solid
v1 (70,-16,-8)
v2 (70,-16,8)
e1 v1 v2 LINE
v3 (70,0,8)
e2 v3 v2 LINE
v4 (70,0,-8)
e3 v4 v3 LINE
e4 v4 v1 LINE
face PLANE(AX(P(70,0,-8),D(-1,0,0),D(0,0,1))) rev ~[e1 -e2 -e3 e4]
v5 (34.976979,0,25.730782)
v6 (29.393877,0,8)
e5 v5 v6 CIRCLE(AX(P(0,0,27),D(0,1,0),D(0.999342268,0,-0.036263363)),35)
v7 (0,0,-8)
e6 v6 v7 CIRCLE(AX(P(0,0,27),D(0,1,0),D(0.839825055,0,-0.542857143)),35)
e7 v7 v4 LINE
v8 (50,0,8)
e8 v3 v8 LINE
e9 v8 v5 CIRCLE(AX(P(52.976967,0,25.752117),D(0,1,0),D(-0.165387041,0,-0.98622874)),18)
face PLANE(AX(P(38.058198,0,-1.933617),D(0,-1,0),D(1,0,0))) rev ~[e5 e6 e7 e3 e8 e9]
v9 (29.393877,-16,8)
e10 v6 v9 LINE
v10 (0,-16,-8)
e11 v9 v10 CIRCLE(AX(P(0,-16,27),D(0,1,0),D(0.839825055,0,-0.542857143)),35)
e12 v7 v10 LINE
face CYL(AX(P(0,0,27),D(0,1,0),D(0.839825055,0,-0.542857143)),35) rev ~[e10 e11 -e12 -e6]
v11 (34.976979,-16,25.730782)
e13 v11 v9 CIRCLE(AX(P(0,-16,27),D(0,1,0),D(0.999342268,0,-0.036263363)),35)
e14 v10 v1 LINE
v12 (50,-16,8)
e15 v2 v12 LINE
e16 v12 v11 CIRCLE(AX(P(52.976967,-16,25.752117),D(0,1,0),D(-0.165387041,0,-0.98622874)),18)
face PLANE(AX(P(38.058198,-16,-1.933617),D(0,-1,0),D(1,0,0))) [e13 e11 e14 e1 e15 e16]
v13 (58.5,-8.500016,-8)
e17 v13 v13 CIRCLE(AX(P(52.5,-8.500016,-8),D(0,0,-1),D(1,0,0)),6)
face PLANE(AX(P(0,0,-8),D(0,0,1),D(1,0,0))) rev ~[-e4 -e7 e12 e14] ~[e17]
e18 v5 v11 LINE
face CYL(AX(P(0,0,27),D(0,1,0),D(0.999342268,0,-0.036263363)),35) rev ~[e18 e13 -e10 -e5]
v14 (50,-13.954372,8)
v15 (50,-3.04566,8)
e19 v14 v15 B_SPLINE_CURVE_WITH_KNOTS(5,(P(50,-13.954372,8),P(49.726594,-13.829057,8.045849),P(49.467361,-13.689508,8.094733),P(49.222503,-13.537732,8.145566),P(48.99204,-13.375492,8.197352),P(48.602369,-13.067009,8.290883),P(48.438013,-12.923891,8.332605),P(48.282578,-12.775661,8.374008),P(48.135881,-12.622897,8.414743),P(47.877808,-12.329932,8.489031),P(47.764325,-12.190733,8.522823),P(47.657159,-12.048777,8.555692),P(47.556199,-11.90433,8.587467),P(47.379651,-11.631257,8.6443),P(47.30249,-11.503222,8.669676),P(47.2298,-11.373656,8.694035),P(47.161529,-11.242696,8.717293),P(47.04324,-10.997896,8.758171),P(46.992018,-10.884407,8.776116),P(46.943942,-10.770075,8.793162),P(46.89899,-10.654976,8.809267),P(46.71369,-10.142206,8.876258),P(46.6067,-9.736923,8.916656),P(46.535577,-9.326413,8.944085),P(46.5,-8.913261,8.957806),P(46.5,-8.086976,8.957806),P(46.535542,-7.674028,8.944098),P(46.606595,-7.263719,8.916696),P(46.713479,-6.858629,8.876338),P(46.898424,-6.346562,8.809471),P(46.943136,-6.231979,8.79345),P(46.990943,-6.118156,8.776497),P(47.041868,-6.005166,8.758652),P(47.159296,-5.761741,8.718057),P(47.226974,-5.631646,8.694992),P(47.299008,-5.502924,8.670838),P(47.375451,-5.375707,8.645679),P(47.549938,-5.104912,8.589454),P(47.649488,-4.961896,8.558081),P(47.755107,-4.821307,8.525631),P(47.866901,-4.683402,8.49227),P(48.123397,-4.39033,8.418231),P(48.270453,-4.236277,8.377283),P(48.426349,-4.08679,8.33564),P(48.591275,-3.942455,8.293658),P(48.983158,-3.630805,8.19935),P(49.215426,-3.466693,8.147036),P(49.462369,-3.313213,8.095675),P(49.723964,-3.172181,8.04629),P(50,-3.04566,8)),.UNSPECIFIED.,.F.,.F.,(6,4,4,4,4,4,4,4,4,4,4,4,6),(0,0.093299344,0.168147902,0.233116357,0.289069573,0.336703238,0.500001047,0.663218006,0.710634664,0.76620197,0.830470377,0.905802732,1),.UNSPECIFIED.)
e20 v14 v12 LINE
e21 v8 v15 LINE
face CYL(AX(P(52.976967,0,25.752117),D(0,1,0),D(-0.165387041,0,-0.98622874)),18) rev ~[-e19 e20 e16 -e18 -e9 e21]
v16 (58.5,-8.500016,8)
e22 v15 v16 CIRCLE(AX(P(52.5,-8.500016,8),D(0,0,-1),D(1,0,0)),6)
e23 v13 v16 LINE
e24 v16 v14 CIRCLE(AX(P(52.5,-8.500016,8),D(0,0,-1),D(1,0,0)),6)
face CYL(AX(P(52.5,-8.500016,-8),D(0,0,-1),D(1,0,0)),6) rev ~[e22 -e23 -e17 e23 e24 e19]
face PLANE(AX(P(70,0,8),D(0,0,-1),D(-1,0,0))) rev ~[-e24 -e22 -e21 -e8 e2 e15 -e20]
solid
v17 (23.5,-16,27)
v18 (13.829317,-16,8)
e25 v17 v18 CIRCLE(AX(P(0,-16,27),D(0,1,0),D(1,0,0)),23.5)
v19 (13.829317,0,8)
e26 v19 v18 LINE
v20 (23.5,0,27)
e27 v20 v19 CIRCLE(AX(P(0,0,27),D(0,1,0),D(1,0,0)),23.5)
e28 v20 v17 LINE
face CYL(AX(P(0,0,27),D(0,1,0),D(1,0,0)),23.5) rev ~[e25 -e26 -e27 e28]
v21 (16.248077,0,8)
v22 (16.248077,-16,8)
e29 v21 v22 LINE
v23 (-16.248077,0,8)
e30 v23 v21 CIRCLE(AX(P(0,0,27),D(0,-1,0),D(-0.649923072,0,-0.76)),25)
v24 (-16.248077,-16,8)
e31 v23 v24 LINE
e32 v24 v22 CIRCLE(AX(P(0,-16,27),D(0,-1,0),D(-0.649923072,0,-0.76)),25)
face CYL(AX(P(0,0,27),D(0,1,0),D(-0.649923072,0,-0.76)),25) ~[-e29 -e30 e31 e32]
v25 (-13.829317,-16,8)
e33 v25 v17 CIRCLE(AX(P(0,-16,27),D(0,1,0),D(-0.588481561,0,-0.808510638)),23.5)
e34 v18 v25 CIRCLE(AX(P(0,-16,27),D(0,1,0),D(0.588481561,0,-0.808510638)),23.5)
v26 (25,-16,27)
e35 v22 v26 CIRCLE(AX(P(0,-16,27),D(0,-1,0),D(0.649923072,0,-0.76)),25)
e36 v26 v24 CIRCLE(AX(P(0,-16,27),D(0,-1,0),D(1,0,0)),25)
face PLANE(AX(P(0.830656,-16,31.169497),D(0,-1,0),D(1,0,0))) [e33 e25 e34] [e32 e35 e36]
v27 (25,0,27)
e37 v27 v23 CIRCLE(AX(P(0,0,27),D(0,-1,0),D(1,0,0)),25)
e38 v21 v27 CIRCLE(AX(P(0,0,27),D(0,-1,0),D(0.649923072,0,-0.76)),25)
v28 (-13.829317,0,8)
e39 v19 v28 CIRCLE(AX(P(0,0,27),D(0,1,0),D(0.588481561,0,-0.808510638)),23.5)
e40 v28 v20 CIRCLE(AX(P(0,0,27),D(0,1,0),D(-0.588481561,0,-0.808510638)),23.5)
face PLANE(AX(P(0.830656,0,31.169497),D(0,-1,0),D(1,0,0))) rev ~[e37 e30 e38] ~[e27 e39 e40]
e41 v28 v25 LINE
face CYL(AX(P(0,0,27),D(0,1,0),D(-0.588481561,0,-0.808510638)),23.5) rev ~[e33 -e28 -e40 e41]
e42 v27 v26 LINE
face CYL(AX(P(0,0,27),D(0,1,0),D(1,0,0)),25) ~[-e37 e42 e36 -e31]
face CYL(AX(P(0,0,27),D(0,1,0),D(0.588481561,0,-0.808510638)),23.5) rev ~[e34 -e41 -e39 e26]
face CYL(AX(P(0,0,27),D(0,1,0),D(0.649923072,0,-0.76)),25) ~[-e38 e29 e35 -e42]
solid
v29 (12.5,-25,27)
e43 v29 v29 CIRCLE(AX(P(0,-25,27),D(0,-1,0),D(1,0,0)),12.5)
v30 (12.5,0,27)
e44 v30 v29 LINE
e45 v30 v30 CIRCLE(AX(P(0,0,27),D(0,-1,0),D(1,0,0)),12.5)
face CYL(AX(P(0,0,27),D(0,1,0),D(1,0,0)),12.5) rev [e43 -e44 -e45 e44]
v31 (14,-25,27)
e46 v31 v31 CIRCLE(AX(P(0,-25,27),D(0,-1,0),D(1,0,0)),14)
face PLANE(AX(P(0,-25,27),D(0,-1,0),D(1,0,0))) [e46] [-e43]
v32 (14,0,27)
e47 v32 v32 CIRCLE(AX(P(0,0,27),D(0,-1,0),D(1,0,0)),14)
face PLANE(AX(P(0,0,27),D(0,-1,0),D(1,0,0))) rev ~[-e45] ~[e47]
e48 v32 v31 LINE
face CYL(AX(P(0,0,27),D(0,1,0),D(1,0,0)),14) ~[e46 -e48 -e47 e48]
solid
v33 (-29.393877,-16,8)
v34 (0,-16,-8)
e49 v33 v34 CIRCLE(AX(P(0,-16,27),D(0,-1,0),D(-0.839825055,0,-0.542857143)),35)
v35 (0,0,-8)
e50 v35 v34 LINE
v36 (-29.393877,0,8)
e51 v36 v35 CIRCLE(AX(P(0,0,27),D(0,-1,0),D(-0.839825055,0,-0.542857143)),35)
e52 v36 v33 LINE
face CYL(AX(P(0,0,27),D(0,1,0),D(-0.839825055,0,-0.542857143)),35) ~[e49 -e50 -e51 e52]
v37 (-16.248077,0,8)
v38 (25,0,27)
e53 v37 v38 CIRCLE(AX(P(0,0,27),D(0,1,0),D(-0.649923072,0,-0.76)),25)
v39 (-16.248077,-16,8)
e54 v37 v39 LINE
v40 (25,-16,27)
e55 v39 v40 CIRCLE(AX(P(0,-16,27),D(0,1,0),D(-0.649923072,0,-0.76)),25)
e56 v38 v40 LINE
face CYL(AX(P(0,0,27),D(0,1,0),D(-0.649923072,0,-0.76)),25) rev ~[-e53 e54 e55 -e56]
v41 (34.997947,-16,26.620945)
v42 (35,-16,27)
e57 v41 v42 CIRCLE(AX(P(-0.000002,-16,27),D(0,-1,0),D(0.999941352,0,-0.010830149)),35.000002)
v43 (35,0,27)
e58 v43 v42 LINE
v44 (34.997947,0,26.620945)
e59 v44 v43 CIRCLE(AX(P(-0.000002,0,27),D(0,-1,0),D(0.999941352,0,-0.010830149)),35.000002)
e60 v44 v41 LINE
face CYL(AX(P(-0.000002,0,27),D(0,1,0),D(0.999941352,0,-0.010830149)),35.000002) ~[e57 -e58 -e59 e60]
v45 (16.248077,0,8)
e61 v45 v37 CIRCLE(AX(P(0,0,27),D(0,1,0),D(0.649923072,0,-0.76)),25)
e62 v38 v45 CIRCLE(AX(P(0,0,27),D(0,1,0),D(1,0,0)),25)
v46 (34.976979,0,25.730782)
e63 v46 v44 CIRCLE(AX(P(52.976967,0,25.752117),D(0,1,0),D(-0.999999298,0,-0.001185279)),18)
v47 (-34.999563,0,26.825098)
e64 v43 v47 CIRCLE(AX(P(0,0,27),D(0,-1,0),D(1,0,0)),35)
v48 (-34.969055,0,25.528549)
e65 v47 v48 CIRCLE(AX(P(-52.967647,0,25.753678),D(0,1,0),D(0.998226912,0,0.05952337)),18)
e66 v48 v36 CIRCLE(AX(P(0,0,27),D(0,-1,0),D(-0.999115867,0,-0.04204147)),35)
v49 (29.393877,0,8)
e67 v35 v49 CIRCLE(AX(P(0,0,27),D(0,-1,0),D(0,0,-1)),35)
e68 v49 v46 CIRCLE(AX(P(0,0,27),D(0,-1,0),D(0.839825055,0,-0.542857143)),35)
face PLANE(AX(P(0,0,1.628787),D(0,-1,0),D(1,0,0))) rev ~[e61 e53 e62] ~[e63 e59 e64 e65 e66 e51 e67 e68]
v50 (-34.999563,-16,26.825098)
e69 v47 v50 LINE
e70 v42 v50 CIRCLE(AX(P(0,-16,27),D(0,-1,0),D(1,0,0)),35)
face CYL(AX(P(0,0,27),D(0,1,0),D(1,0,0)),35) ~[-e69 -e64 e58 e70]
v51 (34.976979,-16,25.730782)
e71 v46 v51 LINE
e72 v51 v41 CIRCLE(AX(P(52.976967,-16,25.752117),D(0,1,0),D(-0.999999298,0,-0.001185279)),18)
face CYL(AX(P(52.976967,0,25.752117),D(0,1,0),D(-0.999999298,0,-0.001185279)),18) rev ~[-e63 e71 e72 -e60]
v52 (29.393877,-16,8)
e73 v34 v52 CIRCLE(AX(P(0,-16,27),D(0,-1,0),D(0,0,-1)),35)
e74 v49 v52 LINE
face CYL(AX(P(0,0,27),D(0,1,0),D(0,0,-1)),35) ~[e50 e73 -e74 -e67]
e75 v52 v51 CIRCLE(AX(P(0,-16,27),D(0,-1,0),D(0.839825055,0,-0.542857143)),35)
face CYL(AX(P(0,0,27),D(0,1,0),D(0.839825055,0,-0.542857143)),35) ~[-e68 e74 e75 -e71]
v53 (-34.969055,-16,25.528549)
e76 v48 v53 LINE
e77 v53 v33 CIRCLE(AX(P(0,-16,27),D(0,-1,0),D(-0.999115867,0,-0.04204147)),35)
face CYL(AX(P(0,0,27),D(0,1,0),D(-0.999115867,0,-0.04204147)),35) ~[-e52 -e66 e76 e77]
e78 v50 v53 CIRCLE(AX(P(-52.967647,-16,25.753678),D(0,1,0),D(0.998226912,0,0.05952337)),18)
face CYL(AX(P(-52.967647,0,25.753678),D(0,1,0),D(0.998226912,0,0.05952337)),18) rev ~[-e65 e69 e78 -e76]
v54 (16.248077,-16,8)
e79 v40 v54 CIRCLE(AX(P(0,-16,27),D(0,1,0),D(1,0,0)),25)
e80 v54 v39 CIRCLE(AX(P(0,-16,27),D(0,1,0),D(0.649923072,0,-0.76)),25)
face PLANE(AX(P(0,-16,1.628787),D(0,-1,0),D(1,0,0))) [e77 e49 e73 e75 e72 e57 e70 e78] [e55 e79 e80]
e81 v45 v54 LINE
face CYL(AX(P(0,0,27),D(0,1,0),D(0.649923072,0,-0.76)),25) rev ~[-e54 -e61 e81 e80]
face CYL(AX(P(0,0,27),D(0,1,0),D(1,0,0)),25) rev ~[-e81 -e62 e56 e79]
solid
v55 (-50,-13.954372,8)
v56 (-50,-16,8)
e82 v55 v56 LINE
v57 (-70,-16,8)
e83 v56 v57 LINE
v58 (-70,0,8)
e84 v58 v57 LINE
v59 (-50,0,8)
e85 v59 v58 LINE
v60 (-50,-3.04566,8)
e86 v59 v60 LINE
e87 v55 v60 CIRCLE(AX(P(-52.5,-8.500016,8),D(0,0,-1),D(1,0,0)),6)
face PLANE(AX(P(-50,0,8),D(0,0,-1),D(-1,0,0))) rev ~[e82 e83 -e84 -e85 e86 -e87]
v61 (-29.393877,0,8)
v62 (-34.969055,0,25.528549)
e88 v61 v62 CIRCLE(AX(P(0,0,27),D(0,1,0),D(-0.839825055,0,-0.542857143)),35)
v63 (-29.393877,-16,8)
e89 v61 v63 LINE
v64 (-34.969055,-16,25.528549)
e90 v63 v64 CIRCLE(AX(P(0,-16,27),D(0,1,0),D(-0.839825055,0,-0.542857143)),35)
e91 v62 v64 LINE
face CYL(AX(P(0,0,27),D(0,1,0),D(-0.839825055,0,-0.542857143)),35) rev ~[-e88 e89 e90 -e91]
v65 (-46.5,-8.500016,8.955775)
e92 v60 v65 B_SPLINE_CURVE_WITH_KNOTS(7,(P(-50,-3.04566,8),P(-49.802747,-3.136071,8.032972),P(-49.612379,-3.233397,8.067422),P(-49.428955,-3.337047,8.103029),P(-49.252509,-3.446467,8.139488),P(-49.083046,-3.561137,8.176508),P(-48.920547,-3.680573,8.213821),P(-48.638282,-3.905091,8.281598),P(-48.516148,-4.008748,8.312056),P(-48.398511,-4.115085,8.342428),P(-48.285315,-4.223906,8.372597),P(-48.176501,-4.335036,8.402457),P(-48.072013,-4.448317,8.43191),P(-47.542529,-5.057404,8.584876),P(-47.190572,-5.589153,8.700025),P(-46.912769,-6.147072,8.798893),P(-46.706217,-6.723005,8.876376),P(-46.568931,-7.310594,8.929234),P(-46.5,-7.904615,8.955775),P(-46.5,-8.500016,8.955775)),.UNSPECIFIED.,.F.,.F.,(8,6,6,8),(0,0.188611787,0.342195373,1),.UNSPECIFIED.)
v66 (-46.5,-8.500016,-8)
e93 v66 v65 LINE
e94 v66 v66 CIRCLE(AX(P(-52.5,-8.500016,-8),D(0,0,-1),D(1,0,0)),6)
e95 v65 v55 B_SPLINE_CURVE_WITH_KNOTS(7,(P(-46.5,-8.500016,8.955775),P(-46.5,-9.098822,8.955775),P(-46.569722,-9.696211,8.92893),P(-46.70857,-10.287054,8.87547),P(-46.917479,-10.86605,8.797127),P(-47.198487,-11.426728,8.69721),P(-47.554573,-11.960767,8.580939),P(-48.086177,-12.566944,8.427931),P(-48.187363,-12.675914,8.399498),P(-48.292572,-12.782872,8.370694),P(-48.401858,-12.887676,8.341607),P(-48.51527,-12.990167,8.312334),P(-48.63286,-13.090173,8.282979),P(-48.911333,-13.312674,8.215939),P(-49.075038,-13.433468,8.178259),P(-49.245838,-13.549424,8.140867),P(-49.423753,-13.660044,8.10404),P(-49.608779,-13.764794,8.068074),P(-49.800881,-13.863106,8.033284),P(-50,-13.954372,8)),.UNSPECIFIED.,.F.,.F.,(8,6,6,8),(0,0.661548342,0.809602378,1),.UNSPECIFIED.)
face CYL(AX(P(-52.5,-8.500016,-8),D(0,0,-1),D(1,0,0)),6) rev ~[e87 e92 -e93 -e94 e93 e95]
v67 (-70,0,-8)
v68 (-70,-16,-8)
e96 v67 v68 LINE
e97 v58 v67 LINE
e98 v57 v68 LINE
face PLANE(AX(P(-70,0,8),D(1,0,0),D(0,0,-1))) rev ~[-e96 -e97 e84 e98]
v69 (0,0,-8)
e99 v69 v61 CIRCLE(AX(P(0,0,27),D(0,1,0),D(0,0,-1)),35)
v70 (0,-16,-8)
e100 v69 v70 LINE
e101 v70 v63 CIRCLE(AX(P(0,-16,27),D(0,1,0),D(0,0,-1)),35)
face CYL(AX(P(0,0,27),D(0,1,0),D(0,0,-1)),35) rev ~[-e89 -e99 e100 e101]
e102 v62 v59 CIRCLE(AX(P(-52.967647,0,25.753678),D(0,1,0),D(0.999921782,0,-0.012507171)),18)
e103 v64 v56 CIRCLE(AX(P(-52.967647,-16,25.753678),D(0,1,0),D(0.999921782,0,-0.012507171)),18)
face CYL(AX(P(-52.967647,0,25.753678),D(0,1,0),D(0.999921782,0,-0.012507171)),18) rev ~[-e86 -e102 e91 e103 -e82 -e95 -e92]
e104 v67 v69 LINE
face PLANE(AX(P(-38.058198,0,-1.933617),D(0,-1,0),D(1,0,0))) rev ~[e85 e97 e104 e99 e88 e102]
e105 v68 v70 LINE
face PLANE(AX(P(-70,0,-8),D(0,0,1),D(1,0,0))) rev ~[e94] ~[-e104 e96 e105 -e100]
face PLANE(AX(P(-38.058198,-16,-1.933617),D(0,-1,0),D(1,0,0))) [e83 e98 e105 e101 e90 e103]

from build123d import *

# Parameters (mm, degrees)
F1_DEPTH = 16
F2_DEPTH = 16
F3_DEPTH = 16
F0_R     = 14
F0_R_2   = 12.5
F4_DEPTH = 25
F5_R     = 6
F6_DEPTH = 70.001


with BuildPart() as f1:
    # F0 (on Front) → F1 (new body)
    with BuildSketch(Plane.XZ):
        with BuildLine():
            ThreePointArc((29.3938769134, 8), (16.7332005307, -3.7408522979), (0, -8))
            Line((0, -8), (70, -8))
            Line((70, -8), (70, 8))
            Line((70, 8), (50, 8))
            Line((50, 8), (29.3938769134, 8))
        make_face()
        with BuildLine():
            ThreePointArc((34.976979378, 25.7307822924), (33.3840822114, 16.4879566733), (29.3938769134, 8))
            Line((29.3938769134, 8), (50, 8))
            ThreePointArc((50, 8), (39.2436746706, 14.1161090146), (34.976979378, 25.7307822924))
        make_face()
    extrude(amount=F1_DEPTH)


with BuildPart() as f1b:
    # F0 (on Front) → F1, piece 2 (new body)
    with BuildSketch(Plane.XZ):
        with BuildLine():
            Line((-70, 8), (-70, -8))
            Line((-70, -8), (0, -8))
            ThreePointArc((0, -8), (-16.7332005307, -3.7408522979), (-29.3938769134, 8))
            Line((-29.3938769134, 8), (-50, 8))
            Line((-50, 8), (-70, 8))
        make_face()
        with BuildLine():
            Line((-50, 8), (-29.3938769134, 8))
            ThreePointArc((-29.3938769134, 8), (-33.3535495136, 16.391478197), (-34.9690553288, 25.5285485367))
            ThreePointArc((-34.9690553288, 25.5285485367), (-39.303522738, 14.0365236535), (-50, 8))
        make_face()
    extrude(amount=F1_DEPTH)


with BuildPart() as f2:
    # F0 (on Front) → F2 (new body)
    with BuildSketch(Plane.XZ):
        with BuildLine():
            ThreePointArc((-29.3938769134, 8), (-16.7332005307, -3.7408522979), (0, -8))
            ThreePointArc((0, -8), (16.7332005307, -3.7408522979), (29.3938769134, 8))
            Line((29.3938769134, 8), (16.2480768093, 8))
            ThreePointArc((16.2480768093, 8), (0, 2), (-16.2480768093, 8))
            Line((-16.2480768093, 8), (-29.3938769134, 8))
        make_face()
        with BuildLine():
            ThreePointArc((-34.9690553288, 25.5285485367), (-33.3535495136, 16.391478197), (-29.3938769134, 8))
            Line((-29.3938769134, 8), (-16.2480768093, 8))
            ThreePointArc((-16.2480768093, 8), (-10.4593995948, 49.7068483087), (25, 27))
            ThreePointArc((25, 27), (22.7068483087, 16.5406004052), (16.2480768093, 8))
            Line((16.2480768093, 8), (29.3938769134, 8))
            ThreePointArc((29.3938769134, 8), (33.3840822114, 16.4879566733), (34.976979378, 25.7307822924))
            ThreePointArc((34.976979378, 25.7307822924), (34.9819582811, 26.1759932133), (34.9979473276, 26.6209447882))
            ThreePointArc((34.9979473276, 26.6209447882), (34.9994868281, 26.8104696152), (35, 27))
            ThreePointArc((35, 27), (-0.0874511362, 61.999890747), (-34.9995629885, 26.8250982735))
            ThreePointArc((-34.9995629885, 26.8250982735), (-34.9726282389, 26.1770982557), (-34.9690553288, 25.5285485367))
        make_face()
    extrude(amount=F2_DEPTH)


with BuildPart() as f3:
    # F0 (on Front) → F3 (new body)
    with BuildSketch(Plane.XZ):
        with BuildLine():
            ThreePointArc((25, 27), (-10.4593995948, 49.7068483087), (-16.2480768093, 8))
            Line((-16.2480768093, 8), (-13.8293166859, 8))
            ThreePointArc((-13.8293166859, 8), (-10.6597621428, 47.9432440434), (23.5, 27))
            ThreePointArc((23.5, 27), (20.9432440434, 16.3402378572), (13.8293166859, 8))
            Line((13.8293166859, 8), (16.2480768093, 8))
            ThreePointArc((16.2480768093, 8), (22.7068483087, 16.5406004052), (25, 27))
        make_face()
        with BuildLine():
            Line((-13.8293166859, 8), (-16.2480768093, 8))
            ThreePointArc((-16.2480768093, 8), (0, 2), (16.2480768093, 8))
            Line((16.2480768093, 8), (13.8293166859, 8))
            ThreePointArc((13.8293166859, 8), (0, 3.5), (-13.8293166859, 8))
        make_face()
    extrude(amount=F3_DEPTH)


with BuildPart() as f4:
    # F0 (on Front) → F4 (new body)
    with BuildSketch(Plane.XZ):
        with Locations((0, 27)):
            Circle(F0_R)
        with Locations((0, 27)):
            Circle(F0_R_2, mode=Mode.SUBTRACT)
    extrude(amount=F4_DEPTH)


with BuildPart() as f6_tool:
    # F5 (on face) → F6 (new body, through all)
    with BuildSketch(Plane(origin=(0, 0, -8), x_dir=(1, 0, 0), z_dir=(0, 0, -1))):
        with Locations((-52.5, 8.5000162944)):
            Circle(F5_R)
        with Locations((52.5, 8.5000162944)):
            Circle(F5_R)
    extrude(amount=-F6_DEPTH)


with BuildPart() as f1_1:
    add(f1.part)

    # F6: cut by f6_tool
    add(f6_tool.part, mode=Mode.SUBTRACT)


with BuildPart() as f1b_1:
    add(f1b.part)

    # F6: cut by f6_tool
    add(f6_tool.part, mode=Mode.SUBTRACT)


solid = Compound([f2.part, f3.part, f4.part, f1_1.part, f1b_1.part])
